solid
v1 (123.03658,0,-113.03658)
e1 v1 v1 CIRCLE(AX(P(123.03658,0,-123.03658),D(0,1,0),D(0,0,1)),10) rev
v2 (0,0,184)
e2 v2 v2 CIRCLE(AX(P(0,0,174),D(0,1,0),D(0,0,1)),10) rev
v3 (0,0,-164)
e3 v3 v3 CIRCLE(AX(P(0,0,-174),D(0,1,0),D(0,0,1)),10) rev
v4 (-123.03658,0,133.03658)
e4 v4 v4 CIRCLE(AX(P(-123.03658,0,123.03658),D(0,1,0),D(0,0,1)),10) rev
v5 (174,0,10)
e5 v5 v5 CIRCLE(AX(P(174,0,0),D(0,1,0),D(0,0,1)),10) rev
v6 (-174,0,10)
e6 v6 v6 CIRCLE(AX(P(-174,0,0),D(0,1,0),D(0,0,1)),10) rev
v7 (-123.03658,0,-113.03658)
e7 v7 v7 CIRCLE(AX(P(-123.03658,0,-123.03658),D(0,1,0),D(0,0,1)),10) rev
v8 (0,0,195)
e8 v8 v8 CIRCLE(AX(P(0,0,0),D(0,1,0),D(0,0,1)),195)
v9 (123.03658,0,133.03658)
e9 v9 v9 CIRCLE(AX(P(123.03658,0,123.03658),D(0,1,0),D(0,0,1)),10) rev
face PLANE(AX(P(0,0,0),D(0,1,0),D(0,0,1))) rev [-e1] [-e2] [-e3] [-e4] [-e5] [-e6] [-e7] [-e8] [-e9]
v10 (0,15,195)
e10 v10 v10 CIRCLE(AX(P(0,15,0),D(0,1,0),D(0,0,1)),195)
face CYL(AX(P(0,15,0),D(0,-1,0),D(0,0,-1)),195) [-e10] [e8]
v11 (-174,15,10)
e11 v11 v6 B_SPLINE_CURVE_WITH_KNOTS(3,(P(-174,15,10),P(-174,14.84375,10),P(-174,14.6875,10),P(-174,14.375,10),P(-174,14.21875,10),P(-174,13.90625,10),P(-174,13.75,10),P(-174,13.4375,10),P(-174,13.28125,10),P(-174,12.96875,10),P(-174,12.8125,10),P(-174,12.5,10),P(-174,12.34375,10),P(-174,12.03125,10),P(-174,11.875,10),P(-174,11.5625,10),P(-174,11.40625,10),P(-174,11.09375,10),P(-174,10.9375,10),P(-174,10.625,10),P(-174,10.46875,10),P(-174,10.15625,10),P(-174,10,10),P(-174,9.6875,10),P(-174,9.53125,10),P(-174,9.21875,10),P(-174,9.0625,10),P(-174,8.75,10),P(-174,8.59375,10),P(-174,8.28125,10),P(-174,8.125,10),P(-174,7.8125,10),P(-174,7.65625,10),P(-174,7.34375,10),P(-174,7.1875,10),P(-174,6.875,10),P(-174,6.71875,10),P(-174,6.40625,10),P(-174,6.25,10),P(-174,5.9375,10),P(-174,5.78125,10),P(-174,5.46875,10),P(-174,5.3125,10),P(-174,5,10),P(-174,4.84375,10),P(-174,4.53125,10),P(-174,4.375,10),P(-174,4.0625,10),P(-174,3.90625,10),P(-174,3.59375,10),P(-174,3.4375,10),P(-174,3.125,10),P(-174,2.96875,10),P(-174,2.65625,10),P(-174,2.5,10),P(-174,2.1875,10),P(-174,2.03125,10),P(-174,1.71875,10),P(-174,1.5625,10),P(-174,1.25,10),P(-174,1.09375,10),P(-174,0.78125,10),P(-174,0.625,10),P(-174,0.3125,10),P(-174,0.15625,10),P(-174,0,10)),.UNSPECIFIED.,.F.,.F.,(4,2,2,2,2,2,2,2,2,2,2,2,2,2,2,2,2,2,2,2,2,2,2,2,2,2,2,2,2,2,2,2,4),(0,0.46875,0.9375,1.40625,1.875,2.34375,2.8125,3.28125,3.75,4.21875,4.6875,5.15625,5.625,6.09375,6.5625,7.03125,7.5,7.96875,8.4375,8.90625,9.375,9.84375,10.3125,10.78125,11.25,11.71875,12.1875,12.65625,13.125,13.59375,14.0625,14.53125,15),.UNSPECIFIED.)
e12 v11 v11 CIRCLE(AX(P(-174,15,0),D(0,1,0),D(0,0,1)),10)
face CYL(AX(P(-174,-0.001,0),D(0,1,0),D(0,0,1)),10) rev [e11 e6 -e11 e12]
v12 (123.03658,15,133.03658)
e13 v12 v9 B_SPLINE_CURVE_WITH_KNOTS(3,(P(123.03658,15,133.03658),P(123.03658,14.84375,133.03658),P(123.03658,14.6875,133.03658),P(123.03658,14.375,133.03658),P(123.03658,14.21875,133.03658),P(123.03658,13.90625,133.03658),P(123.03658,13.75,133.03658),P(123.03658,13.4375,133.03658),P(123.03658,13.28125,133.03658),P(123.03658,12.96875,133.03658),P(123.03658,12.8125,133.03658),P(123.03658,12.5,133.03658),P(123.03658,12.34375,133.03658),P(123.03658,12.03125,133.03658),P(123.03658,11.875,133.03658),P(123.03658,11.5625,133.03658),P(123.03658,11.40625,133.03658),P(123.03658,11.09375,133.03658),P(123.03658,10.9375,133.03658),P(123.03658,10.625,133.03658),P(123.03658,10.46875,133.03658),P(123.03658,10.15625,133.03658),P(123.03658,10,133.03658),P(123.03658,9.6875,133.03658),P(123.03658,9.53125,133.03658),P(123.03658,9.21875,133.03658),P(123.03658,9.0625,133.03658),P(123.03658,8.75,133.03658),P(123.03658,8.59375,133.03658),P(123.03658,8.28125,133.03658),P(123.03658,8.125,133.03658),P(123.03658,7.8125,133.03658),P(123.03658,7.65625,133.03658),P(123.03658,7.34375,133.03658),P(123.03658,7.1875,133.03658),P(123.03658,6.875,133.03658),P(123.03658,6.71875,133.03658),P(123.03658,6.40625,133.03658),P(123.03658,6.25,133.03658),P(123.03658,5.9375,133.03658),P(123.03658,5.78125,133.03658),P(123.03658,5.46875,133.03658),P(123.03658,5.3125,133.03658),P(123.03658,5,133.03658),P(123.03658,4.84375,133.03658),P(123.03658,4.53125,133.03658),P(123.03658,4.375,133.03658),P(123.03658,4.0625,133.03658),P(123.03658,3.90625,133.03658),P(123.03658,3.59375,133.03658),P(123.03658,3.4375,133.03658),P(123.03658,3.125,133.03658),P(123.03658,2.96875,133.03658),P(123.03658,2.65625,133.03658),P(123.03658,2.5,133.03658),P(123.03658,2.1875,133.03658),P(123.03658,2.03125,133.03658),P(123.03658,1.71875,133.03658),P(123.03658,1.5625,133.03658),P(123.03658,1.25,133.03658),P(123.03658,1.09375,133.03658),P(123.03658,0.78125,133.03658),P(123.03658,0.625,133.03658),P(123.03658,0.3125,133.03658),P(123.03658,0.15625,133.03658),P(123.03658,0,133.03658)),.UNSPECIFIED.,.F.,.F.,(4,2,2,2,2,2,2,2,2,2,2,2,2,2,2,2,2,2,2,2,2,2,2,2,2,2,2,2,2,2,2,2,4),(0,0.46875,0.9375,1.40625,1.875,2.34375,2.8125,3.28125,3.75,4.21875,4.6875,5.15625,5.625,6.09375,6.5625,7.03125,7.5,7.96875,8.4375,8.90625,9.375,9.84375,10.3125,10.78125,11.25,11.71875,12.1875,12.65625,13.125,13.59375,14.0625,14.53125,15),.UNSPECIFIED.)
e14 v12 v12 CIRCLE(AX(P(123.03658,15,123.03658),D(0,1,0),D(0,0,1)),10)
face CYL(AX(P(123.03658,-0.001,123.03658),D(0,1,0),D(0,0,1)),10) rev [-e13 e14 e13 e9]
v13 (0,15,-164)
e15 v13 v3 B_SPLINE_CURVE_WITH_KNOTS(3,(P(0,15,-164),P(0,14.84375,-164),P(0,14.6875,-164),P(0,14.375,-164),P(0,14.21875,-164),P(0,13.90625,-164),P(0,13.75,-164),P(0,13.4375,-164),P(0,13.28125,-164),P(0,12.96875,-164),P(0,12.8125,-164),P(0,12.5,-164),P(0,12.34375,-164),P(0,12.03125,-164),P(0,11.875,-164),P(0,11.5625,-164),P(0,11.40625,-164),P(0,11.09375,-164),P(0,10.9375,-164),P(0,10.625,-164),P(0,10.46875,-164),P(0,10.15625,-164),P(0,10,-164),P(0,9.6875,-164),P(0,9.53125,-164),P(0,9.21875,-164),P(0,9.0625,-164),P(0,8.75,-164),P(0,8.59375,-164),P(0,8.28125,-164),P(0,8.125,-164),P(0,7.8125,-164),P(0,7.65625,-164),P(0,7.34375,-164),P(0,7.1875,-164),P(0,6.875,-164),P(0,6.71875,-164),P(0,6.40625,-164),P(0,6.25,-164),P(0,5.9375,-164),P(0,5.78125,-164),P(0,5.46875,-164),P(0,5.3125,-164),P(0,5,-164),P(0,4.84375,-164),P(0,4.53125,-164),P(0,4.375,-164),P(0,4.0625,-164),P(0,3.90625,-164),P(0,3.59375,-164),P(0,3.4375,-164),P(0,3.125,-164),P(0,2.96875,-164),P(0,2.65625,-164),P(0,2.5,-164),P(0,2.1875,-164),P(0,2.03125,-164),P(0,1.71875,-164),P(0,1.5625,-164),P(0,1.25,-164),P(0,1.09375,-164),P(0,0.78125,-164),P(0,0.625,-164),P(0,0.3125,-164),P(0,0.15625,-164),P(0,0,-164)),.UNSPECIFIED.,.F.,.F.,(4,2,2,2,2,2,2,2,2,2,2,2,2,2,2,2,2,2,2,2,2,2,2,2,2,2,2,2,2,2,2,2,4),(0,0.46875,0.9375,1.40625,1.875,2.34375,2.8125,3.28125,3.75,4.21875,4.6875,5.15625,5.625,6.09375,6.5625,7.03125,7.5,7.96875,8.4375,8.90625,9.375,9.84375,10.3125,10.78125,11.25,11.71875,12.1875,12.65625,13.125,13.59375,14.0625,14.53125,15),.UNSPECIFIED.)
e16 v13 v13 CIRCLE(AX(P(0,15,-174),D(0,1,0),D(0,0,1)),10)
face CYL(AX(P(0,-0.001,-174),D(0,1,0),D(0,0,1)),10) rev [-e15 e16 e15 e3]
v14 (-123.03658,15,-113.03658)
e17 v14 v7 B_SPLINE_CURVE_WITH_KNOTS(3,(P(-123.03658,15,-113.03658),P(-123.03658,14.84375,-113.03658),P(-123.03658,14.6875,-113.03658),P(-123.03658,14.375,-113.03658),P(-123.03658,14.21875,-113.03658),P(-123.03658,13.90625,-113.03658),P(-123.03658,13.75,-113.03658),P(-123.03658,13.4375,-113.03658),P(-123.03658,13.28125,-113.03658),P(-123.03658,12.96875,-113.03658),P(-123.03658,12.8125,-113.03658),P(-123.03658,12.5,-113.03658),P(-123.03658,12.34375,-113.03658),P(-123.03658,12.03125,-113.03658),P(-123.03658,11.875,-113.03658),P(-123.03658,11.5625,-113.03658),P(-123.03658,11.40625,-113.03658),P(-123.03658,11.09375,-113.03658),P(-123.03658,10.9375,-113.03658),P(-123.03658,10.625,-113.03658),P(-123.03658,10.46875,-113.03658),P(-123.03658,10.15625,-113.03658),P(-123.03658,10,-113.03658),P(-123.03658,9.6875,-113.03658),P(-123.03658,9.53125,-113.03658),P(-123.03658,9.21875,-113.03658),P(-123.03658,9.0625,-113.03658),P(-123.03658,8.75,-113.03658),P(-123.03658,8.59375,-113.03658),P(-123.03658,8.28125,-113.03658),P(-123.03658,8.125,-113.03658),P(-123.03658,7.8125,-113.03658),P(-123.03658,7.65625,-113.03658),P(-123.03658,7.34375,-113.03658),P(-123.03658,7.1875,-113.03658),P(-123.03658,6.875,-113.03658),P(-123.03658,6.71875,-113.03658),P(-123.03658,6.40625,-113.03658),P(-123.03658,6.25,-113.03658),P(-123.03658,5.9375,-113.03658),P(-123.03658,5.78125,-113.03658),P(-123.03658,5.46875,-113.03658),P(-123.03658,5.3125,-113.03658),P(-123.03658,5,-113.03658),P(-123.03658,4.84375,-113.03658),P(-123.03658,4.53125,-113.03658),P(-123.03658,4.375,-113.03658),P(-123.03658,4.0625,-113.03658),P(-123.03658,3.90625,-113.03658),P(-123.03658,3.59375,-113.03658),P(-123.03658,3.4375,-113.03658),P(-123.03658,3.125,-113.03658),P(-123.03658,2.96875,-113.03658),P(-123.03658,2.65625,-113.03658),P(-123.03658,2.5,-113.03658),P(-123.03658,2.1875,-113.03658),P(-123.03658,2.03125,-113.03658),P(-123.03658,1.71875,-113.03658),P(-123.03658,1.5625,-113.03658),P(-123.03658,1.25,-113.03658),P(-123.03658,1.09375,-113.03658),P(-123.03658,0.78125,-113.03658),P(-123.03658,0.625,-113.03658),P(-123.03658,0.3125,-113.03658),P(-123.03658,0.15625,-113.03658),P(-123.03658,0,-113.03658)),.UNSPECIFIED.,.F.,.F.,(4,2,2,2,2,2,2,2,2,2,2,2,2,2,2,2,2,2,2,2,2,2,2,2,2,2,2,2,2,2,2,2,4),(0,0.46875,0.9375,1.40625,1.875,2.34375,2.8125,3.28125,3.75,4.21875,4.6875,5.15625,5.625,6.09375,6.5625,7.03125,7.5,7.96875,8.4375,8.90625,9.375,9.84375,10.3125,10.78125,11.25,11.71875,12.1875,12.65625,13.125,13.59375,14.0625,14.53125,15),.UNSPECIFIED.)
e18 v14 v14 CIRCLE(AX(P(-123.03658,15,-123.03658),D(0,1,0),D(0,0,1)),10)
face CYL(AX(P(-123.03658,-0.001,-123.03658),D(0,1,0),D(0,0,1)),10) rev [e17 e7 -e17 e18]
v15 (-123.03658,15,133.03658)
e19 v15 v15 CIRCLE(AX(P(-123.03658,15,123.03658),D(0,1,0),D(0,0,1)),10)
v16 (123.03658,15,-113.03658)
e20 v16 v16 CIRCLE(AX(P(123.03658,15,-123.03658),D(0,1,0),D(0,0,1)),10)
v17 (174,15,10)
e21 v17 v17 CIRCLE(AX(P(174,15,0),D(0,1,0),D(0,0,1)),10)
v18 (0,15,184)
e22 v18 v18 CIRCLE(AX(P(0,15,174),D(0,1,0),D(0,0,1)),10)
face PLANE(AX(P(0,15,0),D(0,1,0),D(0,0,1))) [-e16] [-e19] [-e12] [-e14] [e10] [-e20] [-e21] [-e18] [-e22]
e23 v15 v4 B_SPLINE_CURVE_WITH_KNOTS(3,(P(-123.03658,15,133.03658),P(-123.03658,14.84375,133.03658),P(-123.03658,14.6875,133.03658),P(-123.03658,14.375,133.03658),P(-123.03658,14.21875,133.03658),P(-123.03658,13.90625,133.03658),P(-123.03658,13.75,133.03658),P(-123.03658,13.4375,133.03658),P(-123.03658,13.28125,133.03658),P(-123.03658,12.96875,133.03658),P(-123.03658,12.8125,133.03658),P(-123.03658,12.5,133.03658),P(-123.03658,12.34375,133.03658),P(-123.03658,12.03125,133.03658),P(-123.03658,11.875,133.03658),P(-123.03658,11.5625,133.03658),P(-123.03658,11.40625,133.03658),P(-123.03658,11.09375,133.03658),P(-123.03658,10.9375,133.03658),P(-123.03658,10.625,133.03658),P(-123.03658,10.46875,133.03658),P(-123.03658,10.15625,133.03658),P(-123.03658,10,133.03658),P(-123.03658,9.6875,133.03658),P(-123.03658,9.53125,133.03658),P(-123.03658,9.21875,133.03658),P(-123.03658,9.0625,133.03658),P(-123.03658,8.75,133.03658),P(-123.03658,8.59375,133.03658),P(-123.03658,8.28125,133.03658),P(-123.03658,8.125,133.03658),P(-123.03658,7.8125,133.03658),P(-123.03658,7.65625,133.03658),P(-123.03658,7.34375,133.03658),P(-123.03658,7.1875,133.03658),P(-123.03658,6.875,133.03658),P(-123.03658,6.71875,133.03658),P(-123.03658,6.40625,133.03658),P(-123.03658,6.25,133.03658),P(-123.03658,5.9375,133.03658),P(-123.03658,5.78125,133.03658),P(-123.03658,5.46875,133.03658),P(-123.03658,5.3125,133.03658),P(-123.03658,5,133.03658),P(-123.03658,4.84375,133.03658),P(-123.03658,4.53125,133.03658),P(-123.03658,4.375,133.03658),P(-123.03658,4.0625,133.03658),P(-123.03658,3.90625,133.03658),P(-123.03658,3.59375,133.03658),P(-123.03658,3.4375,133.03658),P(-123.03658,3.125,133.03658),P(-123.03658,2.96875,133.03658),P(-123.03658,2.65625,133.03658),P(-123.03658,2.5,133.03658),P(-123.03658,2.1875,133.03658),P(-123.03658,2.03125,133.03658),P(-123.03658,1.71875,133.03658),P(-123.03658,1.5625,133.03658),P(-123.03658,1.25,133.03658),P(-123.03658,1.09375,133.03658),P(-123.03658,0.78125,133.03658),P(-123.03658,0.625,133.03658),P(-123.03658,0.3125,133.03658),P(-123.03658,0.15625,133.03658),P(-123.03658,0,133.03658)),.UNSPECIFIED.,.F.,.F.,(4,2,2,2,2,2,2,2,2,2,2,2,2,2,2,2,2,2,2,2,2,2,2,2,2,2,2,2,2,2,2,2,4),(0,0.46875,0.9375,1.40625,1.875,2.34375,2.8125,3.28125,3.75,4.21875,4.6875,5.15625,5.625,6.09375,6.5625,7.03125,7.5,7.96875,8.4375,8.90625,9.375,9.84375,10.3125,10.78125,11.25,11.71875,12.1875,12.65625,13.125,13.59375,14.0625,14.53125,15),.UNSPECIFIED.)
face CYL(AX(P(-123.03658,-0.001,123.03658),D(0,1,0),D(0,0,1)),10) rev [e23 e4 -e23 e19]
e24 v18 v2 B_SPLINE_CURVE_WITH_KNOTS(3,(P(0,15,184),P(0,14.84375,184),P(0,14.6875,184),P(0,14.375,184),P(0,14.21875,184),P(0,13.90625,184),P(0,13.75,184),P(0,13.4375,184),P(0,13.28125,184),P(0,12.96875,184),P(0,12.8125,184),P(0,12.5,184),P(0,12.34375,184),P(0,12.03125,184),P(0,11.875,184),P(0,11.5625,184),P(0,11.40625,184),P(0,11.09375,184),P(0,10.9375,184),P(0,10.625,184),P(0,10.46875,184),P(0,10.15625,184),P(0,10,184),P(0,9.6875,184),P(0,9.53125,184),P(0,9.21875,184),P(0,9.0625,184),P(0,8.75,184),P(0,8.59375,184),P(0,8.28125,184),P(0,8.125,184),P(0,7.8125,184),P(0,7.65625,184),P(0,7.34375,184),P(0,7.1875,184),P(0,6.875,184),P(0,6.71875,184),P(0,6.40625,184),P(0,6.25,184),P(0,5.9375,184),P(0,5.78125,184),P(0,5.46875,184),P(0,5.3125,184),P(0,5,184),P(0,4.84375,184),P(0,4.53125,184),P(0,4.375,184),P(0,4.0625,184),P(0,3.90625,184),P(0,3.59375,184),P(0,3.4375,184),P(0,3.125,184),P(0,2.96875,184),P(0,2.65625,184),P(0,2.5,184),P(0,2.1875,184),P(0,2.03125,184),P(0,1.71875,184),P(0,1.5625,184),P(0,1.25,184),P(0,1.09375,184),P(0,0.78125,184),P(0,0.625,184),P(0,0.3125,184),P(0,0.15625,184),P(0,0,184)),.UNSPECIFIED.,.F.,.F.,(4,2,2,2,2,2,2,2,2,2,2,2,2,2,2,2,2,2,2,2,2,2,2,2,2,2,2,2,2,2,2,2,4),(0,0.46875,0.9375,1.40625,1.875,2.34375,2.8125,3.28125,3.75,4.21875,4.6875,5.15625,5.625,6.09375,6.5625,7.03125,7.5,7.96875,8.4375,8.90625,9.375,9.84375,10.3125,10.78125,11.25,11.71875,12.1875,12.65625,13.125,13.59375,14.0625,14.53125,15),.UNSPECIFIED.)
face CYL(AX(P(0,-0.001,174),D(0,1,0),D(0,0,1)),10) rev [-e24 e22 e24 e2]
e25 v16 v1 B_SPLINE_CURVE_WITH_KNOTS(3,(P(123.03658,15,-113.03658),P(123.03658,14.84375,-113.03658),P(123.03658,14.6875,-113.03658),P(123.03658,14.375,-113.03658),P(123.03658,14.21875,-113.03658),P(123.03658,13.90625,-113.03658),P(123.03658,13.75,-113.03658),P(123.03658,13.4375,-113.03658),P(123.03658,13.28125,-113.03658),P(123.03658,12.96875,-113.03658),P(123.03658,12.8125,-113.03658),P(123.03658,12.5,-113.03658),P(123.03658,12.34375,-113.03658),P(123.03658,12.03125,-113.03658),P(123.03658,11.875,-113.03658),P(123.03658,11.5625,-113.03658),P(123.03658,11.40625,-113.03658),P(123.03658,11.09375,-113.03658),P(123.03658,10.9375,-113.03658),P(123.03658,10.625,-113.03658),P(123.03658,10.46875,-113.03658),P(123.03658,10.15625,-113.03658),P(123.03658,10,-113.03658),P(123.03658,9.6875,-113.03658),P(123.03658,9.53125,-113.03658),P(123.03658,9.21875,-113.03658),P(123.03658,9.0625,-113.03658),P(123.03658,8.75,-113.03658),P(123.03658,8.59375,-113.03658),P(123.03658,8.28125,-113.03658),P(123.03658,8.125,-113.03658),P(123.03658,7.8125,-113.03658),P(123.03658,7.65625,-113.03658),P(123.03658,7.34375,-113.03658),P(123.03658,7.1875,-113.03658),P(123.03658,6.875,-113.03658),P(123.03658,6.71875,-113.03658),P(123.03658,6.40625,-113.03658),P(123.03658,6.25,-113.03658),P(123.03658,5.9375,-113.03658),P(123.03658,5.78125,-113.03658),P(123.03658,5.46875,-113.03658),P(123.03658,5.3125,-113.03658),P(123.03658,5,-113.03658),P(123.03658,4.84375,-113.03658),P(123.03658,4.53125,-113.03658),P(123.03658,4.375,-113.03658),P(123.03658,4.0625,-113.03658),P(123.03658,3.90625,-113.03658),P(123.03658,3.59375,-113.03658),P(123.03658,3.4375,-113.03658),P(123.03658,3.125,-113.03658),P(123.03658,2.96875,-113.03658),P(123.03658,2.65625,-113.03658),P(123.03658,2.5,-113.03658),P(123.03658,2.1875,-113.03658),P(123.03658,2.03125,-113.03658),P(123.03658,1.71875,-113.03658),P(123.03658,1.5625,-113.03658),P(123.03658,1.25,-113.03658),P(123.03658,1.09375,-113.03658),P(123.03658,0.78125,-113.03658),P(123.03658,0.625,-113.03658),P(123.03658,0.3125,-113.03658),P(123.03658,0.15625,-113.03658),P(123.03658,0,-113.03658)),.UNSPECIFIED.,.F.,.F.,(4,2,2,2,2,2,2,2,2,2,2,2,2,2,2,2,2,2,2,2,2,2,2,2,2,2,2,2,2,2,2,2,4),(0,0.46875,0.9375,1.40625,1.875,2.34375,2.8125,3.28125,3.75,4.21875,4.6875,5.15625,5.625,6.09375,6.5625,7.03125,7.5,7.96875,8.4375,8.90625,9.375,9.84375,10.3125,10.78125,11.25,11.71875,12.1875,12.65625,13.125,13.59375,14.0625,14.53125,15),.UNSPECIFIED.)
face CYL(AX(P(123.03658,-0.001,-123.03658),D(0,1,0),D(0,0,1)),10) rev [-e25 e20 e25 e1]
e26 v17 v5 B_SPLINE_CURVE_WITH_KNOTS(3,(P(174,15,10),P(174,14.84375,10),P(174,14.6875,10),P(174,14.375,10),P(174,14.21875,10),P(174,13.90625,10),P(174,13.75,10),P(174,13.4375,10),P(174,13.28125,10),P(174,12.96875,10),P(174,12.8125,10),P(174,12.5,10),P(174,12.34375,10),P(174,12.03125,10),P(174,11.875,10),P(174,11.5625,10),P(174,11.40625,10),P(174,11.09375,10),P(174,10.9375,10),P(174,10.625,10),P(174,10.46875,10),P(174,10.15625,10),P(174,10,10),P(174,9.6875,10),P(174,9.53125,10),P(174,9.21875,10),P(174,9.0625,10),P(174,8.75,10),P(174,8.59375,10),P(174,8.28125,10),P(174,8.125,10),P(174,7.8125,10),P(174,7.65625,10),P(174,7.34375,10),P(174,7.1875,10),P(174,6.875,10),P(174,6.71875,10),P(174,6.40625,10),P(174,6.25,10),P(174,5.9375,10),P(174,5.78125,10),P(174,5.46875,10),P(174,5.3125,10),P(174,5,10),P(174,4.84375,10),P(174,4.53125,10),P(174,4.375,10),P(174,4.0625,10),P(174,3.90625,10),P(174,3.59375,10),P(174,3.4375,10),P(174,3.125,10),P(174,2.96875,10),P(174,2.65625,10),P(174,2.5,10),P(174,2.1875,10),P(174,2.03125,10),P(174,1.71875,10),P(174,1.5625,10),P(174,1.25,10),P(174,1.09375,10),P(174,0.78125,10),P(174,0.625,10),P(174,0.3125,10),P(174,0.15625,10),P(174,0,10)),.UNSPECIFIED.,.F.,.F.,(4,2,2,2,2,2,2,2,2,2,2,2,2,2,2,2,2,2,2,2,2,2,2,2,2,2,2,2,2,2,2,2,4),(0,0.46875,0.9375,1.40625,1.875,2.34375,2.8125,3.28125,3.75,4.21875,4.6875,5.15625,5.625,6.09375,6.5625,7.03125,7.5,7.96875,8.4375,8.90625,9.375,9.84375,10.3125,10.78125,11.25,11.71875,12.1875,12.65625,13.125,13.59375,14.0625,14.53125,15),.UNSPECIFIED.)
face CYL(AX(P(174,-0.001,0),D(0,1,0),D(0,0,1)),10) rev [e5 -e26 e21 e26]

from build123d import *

# Parameters (mm, degrees)
SKETCH_1_R          = 195
EXTRUDE_1_DEPTH     = 15
CUT_EXTRUDE_1_REACH = 278.179
SKETCH_2_R          = 10


with BuildPart() as part:
    # 草图1 → 凸台-拉伸1 (new body)
    with BuildSketch(Plane(origin=(0, 0, 0), x_dir=(1, 0, 0), z_dir=(0, 1, 0))):
        with Locations(Location((0, 0, 0), (0, 0, 270))):
            Circle(SKETCH_1_R)
    extrude(amount=EXTRUDE_1_DEPTH)

    # 草图2 → 切除-拉伸1 (cut, up to next)
    with BuildSketch(Plane(origin=(0, 15, 0), x_dir=(1, 0, 0), z_dir=(0, 1, 0)), mode=Mode.PRIVATE) as cut_extrude_1_sk1:
        with Locations(Location((-174, 0, 0), (0, 0, 270))):
            Circle(SKETCH_2_R)
    cut_extrude_1_tool1 = extrude(cut_extrude_1_sk1.sketch, amount=-CUT_EXTRUDE_1_REACH, mode=Mode.PRIVATE) & part.part
    # 草图2 → 切除-拉伸1 (cut, up to next)
    with BuildSketch(Plane(origin=(0, 15, 0), x_dir=(1, 0, 0), z_dir=(0, 1, 0)), mode=Mode.PRIVATE) as cut_extrude_1_sk2:
        with Locations(Location((-123.036579926, 123.036579926, 0), (0, 0, 270))):
            Circle(SKETCH_2_R)
    cut_extrude_1_tool2 = extrude(cut_extrude_1_sk2.sketch, amount=-CUT_EXTRUDE_1_REACH, mode=Mode.PRIVATE) & part.part
    # 草图2 → 切除-拉伸1 (cut, up to next)
    with BuildSketch(Plane(origin=(0, 15, 0), x_dir=(1, 0, 0), z_dir=(0, 1, 0)), mode=Mode.PRIVATE) as cut_extrude_1_sk3:
        with Locations(Location((0, 174, 0), (0, 0, 270))):
            Circle(SKETCH_2_R)
    cut_extrude_1_tool3 = extrude(cut_extrude_1_sk3.sketch, amount=-CUT_EXTRUDE_1_REACH, mode=Mode.PRIVATE) & part.part
    # 草图2 → 切除-拉伸1 (cut, up to next)
    with BuildSketch(Plane(origin=(0, 15, 0), x_dir=(1, 0, 0), z_dir=(0, 1, 0)), mode=Mode.PRIVATE) as cut_extrude_1_sk4:
        with Locations(Location((123.036579926, 123.036579926, 0), (0, 0, 270))):
            Circle(SKETCH_2_R)
    cut_extrude_1_tool4 = extrude(cut_extrude_1_sk4.sketch, amount=-CUT_EXTRUDE_1_REACH, mode=Mode.PRIVATE) & part.part
    # 草图2 → 切除-拉伸1 (cut, up to next)
    with BuildSketch(Plane(origin=(0, 15, 0), x_dir=(1, 0, 0), z_dir=(0, 1, 0)), mode=Mode.PRIVATE) as cut_extrude_1_sk5:
        with Locations(Location((174, 0, 0), (0, 0, 270))):
            Circle(SKETCH_2_R)
    cut_extrude_1_tool5 = extrude(cut_extrude_1_sk5.sketch, amount=-CUT_EXTRUDE_1_REACH, mode=Mode.PRIVATE) & part.part
    # 草图2 → 切除-拉伸1 (cut, up to next)
    with BuildSketch(Plane(origin=(0, 15, 0), x_dir=(1, 0, 0), z_dir=(0, 1, 0)), mode=Mode.PRIVATE) as cut_extrude_1_sk6:
        with Locations(Location((123.036579926, -123.036579926, 0), (0, 0, 270))):
            Circle(SKETCH_2_R)
    cut_extrude_1_tool6 = extrude(cut_extrude_1_sk6.sketch, amount=-CUT_EXTRUDE_1_REACH, mode=Mode.PRIVATE) & part.part
    # 草图2 → 切除-拉伸1 (cut, up to next)
    with BuildSketch(Plane(origin=(0, 15, 0), x_dir=(1, 0, 0), z_dir=(0, 1, 0)), mode=Mode.PRIVATE) as cut_extrude_1_sk7:
        with Locations(Location((0, -174, 0), (0, 0, 270))):
            Circle(SKETCH_2_R)
    cut_extrude_1_tool7 = extrude(cut_extrude_1_sk7.sketch, amount=-CUT_EXTRUDE_1_REACH, mode=Mode.PRIVATE) & part.part
    # 草图2 → 切除-拉伸1 (cut, up to next)
    with BuildSketch(Plane(origin=(0, 15, 0), x_dir=(1, 0, 0), z_dir=(0, 1, 0)), mode=Mode.PRIVATE) as cut_extrude_1_sk8:
        with Locations(Location((-123.036579926, -123.036579926, 0), (0, 0, 270))):
            Circle(SKETCH_2_R)
    cut_extrude_1_tool8 = extrude(cut_extrude_1_sk8.sketch, amount=-CUT_EXTRUDE_1_REACH, mode=Mode.PRIVATE) & part.part
    add(cut_extrude_1_tool1.solids().sort_by_distance((-174, 15, 0))[0], mode=Mode.SUBTRACT)
    add(cut_extrude_1_tool2.solids().sort_by_distance((-123.03658, 15, -123.03658))[0], mode=Mode.SUBTRACT)
    add(cut_extrude_1_tool3.solids().sort_by_distance((0, 15, -174))[0], mode=Mode.SUBTRACT)
    add(cut_extrude_1_tool4.solids().sort_by_distance((123.03658, 15, -123.03658))[0], mode=Mode.SUBTRACT)
    add(cut_extrude_1_tool5.solids().sort_by_distance((174, 15, 0))[0], mode=Mode.SUBTRACT)
    add(cut_extrude_1_tool6.solids().sort_by_distance((123.03658, 15, 123.03658))[0], mode=Mode.SUBTRACT)
    add(cut_extrude_1_tool7.solids().sort_by_distance((0, 15, 174))[0], mode=Mode.SUBTRACT)
    add(cut_extrude_1_tool8.solids().sort_by_distance((-123.03658, 15, 123.03658))[0], mode=Mode.SUBTRACT)


solid = part.part
